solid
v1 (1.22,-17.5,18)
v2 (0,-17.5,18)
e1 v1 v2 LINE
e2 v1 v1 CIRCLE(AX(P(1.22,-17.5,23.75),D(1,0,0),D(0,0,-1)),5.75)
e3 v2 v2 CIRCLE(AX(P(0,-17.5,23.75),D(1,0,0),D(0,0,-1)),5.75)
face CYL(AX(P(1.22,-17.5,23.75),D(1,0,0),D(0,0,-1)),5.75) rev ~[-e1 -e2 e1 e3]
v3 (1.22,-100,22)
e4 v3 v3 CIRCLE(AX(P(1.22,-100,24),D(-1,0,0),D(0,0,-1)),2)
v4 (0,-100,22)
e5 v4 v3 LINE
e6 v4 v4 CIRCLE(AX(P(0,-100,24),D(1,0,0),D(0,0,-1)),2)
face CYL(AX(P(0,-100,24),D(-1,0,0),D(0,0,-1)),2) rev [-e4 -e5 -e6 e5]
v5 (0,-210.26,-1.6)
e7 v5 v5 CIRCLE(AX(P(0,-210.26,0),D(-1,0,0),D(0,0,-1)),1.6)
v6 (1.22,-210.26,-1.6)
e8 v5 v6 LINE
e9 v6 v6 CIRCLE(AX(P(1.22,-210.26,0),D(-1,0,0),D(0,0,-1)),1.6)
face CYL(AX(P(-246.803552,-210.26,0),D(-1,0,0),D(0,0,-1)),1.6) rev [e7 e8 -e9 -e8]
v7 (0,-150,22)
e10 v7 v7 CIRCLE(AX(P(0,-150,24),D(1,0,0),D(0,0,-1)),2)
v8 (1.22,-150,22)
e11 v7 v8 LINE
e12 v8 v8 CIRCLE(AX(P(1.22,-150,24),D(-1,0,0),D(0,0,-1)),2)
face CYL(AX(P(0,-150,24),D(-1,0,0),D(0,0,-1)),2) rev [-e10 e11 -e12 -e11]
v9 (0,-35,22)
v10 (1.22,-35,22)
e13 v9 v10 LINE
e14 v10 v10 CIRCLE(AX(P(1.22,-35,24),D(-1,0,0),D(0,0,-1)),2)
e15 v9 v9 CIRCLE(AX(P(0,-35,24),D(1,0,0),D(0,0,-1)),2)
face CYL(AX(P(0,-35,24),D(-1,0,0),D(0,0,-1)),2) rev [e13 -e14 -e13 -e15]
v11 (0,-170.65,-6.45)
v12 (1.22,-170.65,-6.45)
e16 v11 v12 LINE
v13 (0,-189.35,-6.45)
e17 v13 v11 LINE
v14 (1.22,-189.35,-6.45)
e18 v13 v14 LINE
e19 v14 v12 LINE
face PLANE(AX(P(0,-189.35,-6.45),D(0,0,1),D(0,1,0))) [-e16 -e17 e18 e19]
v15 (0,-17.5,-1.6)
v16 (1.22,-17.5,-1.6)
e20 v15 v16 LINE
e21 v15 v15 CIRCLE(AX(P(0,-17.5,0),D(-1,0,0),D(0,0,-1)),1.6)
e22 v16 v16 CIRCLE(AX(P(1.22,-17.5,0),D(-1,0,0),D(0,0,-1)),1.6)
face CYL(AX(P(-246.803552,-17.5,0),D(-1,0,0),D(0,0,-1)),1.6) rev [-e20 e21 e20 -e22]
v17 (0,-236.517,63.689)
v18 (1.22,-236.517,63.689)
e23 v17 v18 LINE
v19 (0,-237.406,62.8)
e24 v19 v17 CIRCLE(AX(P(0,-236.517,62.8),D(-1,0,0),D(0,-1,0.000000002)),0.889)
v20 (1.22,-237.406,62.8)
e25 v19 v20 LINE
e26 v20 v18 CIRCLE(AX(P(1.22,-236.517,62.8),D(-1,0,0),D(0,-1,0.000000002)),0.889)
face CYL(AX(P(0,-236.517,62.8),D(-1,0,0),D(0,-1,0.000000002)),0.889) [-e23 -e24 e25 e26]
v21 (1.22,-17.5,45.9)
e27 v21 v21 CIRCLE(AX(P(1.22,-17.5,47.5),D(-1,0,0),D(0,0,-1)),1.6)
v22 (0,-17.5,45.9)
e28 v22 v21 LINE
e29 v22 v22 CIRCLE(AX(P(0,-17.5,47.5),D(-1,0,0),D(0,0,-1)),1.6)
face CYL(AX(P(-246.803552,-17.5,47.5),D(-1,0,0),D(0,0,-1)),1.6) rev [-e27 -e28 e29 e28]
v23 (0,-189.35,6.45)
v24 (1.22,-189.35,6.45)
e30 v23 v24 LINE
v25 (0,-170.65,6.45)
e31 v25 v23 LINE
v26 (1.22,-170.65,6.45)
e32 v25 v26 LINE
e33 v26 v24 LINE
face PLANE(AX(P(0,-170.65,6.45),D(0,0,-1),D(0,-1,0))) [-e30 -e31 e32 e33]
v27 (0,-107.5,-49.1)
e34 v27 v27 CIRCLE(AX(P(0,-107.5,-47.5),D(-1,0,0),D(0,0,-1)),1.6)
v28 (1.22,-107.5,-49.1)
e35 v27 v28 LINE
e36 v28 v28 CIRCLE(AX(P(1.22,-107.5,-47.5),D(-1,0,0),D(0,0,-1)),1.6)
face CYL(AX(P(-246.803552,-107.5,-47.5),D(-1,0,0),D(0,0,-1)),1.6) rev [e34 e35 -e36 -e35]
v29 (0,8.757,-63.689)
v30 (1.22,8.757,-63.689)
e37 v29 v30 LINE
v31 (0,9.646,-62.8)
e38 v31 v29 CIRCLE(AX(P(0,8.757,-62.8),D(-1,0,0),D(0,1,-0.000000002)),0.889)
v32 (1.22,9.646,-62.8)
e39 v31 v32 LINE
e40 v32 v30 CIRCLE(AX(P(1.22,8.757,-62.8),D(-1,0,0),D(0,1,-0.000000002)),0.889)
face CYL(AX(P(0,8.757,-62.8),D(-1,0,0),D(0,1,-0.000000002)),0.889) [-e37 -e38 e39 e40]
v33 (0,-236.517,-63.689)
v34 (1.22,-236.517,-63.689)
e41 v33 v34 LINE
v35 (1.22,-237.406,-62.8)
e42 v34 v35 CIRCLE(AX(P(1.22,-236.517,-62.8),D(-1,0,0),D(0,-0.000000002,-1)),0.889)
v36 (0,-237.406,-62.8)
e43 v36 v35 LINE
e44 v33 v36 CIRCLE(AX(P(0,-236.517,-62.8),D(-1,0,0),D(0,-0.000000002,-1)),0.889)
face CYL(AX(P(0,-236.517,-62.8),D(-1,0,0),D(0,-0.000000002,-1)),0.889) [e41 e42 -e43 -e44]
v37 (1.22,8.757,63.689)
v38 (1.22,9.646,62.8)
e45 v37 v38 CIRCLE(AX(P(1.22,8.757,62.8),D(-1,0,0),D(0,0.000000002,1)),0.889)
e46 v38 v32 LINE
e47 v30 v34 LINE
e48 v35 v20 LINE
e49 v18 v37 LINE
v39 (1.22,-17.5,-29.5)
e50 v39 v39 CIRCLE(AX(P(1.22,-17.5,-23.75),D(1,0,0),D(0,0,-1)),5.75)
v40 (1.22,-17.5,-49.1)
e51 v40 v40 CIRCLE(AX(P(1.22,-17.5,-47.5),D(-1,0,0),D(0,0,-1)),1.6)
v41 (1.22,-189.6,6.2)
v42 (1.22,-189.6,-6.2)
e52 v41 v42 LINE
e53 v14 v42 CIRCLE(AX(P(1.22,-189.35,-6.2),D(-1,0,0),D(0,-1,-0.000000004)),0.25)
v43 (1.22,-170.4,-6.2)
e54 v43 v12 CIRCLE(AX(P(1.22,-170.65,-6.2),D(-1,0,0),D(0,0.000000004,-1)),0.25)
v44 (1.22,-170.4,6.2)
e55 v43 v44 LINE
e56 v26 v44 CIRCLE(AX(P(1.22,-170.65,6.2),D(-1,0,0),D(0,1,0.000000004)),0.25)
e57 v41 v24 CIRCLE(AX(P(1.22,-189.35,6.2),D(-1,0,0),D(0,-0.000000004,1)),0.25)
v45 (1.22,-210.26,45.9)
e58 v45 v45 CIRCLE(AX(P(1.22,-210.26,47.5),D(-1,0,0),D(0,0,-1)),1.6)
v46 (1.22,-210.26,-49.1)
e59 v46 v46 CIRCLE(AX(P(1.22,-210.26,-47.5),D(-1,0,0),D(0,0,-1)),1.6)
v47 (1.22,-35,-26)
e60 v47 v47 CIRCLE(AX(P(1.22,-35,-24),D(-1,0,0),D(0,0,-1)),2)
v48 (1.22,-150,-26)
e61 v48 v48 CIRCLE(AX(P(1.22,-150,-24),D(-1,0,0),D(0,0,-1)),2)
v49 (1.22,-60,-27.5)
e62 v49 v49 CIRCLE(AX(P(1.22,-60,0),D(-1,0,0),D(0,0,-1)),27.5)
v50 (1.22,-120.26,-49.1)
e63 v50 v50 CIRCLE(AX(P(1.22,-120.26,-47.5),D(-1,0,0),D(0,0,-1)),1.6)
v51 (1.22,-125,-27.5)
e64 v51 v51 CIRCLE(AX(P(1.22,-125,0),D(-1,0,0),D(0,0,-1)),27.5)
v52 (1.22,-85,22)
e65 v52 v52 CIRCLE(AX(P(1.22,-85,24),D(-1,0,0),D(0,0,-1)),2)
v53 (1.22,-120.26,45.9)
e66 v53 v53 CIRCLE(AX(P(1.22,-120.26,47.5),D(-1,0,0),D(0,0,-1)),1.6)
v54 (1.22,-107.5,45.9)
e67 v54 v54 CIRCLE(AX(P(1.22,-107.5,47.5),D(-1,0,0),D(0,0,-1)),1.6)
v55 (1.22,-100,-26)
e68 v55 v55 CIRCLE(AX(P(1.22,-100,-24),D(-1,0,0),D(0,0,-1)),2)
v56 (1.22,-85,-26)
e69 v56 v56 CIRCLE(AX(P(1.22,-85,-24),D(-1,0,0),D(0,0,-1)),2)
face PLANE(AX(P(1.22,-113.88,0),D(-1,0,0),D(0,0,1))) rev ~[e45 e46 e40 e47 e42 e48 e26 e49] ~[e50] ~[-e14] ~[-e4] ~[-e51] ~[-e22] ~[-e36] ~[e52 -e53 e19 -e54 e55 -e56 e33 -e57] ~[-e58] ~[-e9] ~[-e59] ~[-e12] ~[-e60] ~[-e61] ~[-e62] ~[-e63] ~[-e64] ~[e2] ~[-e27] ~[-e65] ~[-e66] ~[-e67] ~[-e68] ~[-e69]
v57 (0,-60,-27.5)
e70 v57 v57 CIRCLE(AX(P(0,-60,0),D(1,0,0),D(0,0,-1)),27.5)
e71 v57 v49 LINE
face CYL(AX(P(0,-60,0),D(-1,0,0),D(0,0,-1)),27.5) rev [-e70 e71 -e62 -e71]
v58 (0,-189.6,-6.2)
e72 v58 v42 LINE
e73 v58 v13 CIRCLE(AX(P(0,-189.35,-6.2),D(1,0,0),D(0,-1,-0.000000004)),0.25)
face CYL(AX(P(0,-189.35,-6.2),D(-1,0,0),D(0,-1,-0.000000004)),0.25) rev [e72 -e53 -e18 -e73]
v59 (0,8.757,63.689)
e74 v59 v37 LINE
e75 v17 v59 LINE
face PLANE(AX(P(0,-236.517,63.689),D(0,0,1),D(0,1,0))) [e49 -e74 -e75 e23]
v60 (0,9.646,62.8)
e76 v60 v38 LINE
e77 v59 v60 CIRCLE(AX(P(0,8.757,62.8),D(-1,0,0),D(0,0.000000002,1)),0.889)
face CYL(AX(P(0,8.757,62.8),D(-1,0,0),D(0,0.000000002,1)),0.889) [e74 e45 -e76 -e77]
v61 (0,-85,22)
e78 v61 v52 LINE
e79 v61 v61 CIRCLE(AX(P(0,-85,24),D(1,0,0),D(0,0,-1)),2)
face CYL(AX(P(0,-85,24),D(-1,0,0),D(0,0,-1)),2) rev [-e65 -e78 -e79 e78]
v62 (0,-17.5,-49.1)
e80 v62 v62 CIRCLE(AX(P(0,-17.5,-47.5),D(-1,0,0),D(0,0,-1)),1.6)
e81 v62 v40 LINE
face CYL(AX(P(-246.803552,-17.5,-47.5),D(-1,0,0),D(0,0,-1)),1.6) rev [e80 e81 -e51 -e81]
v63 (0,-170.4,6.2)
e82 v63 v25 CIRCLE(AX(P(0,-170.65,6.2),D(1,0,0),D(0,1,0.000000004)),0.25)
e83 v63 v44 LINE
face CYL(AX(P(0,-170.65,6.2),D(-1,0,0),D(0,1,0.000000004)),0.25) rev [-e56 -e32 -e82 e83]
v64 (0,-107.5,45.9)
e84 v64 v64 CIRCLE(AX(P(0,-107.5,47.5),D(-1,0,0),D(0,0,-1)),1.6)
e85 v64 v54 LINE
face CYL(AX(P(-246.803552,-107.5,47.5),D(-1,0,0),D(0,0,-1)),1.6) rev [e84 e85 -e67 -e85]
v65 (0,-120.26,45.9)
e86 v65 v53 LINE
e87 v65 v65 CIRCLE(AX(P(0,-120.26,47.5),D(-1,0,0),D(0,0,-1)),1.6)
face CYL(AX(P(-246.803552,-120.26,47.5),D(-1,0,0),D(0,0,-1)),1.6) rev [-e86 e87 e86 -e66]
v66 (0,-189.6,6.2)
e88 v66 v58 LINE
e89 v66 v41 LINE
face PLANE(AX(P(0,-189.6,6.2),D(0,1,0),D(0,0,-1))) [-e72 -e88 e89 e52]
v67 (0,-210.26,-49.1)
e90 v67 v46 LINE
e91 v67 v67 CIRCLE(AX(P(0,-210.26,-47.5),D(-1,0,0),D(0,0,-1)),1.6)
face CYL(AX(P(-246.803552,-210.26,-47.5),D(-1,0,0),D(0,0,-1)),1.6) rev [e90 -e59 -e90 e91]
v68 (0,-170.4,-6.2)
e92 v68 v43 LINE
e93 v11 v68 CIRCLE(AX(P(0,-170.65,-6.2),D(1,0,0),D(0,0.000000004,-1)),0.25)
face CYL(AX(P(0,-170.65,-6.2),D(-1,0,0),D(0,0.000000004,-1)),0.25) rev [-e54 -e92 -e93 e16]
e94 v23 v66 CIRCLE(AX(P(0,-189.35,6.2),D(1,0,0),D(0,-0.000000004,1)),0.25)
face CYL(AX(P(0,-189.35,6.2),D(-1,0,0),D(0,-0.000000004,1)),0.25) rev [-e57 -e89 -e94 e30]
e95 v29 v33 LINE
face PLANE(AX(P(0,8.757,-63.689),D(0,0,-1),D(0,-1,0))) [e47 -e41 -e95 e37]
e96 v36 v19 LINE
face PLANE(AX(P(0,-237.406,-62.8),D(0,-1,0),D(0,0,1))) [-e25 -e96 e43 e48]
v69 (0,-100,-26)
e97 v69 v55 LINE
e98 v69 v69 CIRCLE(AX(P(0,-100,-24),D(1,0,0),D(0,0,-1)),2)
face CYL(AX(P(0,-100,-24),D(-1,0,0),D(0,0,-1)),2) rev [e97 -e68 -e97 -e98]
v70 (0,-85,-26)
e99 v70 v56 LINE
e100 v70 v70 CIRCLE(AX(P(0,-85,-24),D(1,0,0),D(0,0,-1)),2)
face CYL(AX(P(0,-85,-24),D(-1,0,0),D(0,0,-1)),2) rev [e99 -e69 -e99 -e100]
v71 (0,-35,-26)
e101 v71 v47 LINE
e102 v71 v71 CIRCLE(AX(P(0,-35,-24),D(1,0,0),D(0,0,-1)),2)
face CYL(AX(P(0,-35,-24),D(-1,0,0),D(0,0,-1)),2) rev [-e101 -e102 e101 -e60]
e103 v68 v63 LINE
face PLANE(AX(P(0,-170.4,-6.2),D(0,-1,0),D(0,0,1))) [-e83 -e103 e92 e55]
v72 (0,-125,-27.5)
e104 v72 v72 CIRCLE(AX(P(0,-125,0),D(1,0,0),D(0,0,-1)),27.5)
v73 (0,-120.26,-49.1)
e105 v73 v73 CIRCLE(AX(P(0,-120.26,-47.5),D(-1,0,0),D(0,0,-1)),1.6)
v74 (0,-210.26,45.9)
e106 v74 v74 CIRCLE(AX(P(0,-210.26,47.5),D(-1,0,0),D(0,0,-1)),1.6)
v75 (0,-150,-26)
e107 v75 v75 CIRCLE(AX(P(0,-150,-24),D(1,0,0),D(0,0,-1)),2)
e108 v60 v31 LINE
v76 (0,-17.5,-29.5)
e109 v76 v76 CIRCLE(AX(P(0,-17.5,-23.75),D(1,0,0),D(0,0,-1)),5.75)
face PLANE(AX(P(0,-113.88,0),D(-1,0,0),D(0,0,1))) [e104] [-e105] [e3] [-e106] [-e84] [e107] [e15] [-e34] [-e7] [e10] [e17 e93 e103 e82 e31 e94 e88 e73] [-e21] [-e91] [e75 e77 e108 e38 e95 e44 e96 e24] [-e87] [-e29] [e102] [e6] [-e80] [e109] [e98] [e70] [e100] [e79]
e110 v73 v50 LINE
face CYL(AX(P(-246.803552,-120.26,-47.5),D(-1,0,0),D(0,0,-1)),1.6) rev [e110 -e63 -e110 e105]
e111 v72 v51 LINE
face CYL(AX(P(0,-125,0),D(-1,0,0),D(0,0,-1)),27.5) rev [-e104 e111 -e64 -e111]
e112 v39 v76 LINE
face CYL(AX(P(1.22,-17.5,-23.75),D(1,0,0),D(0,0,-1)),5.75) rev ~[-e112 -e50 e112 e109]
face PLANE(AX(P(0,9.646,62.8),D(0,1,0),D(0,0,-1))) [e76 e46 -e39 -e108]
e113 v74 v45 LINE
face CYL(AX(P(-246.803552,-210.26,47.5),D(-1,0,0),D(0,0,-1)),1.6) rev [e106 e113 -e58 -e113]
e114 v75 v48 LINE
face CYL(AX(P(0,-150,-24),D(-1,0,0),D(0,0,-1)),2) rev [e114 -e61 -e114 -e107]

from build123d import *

# Parameters (mm, degrees)
BOSS_EXTRUDE1_DEPTH     = 1.22
CUT_EXTRUDE2_DEPTH      = 246.803551555
CUT_EXTRUDE2_DEPTH_BACK = 246.803551555
SKETCH5_R               = 1.6
SKETCH6_R               = 27.5
SKETCH6_R_2             = 2
CUT_EXTRUDE3_DEPTH      = 42
CUT_EXTRUDE4_DEPTH      = 246.803551555
SKETCH8_R               = 5.75
CUT_EXTRUDE5_DEPTH      = 246.803551555


with BuildPart() as part:
    # Sketch1 → Boss-Extrude1 (new body)
    with BuildSketch(Plane(origin=(0, 0, 0), x_dir=(0, 0, -1), z_dir=(1, 0, 0))):
        with BuildLine():
            Line((-62.8, 9.646), (62.8, 9.646))
            ThreePointArc((62.8, 9.646), (63.428617928, 9.385617928), (63.689, 8.757))
            Line((63.689, 8.757), (63.689, -236.517))
            ThreePointArc((63.689, -236.517), (63.428617928, -237.145617928), (62.8, -237.406))
            Line((62.8, -237.406), (-62.8, -237.406))
            ThreePointArc((-62.8, -237.406), (-63.428617928, -237.145617928), (-63.689, -236.517))
            Line((-63.689, -236.517), (-63.689, 8.757))
            ThreePointArc((-63.689, 8.757), (-63.428617928, 9.385617928), (-62.8, 9.646))
        make_face()
    extrude(amount=BOSS_EXTRUDE1_DEPTH)

    # Sketch5 → Cut-Extrude2 (cut, two sides: drawn at the far end of the back side and taken through both)
    with BuildSketch(Plane(origin=(0, 0, 0), x_dir=(0, 0, -1), z_dir=(1, 0, 0)).offset(-CUT_EXTRUDE2_DEPTH_BACK)):
        with Locations((-47.5, -17.5)):
            Circle(SKETCH5_R)
        with Locations((0, -17.5)):
            Circle(SKETCH5_R)
        with Locations((47.5, -17.5)):
            Circle(SKETCH5_R)
        with Locations((-47.5, -107.5)):
            Circle(SKETCH5_R)
        with Locations((47.5, -107.5)):
            Circle(SKETCH5_R)
        with Locations((47.5, -120.26)):
            Circle(SKETCH5_R)
        with Locations((-47.5, -120.26)):
            Circle(SKETCH5_R)
        with Locations((47.5, -210.26)):
            Circle(SKETCH5_R)
        with Locations((0, -210.26)):
            Circle(SKETCH5_R)
        with Locations((-47.5, -210.26)):
            Circle(SKETCH5_R)
    extrude(amount=CUT_EXTRUDE2_DEPTH + CUT_EXTRUDE2_DEPTH_BACK, mode=Mode.SUBTRACT)

    # Sketch6 → Cut-Extrude3 (cut)
    with BuildSketch(Plane(origin=(0, 0, 0), x_dir=(0, 0, -1), z_dir=(1, 0, 0))):
        with Locations((0, -60)):
            Circle(SKETCH6_R)
        with Locations((0, -125)):
            Circle(SKETCH6_R)
        with Locations((24, -35)):
            Circle(SKETCH6_R_2)
        with Locations((-24, -35)):
            Circle(SKETCH6_R_2)
        with Locations((-24, -85)):
            Circle(SKETCH6_R_2)
        with Locations((24, -85)):
            Circle(SKETCH6_R_2)
        with Locations((24, -100)):
            Circle(SKETCH6_R_2)
        with Locations((-24, -100)):
            Circle(SKETCH6_R_2)
        with Locations((-24, -150)):
            Circle(SKETCH6_R_2)
        with Locations((24, -150)):
            Circle(SKETCH6_R_2)
    extrude(amount=CUT_EXTRUDE3_DEPTH, mode=Mode.SUBTRACT)

    # Sketch7 → Cut-Extrude4 (cut, through all)
    with BuildSketch(Plane(origin=(0, 0, 0), x_dir=(0, 0, -1), z_dir=(1, 0, 0))):
        with BuildLine():
            Line((-6.2, -189.6), (6.2, -189.6))
            ThreePointArc((6.2, -189.6), (6.376776695, -189.526776695), (6.45, -189.35))
            Line((6.45, -189.35), (6.45, -170.65))
            ThreePointArc((6.45, -170.65), (6.376776695, -170.473223305), (6.2, -170.4))
            Line((6.2, -170.4), (-6.2, -170.4))
            ThreePointArc((-6.2, -170.4), (-6.376776695, -170.473223305), (-6.45, -170.65))
            Line((-6.45, -170.65), (-6.45, -189.35))
            ThreePointArc((-6.45, -189.35), (-6.376776695, -189.526776695), (-6.2, -189.6))
        make_face()
    extrude(amount=CUT_EXTRUDE4_DEPTH, mode=Mode.SUBTRACT)

    # Sketch8 → Cut-Extrude5 (cut, through all)
    with BuildSketch(Plane(origin=(1.22, 0, 0), x_dir=(0, 0, -1), z_dir=(1, 0, 0))):
        with Locations((-23.75, -17.5)):
            Circle(SKETCH8_R)
        with Locations((23.75, -17.5)):
            Circle(SKETCH8_R)
    extrude(amount=-CUT_EXTRUDE5_DEPTH, mode=Mode.SUBTRACT)


solid = part.part
